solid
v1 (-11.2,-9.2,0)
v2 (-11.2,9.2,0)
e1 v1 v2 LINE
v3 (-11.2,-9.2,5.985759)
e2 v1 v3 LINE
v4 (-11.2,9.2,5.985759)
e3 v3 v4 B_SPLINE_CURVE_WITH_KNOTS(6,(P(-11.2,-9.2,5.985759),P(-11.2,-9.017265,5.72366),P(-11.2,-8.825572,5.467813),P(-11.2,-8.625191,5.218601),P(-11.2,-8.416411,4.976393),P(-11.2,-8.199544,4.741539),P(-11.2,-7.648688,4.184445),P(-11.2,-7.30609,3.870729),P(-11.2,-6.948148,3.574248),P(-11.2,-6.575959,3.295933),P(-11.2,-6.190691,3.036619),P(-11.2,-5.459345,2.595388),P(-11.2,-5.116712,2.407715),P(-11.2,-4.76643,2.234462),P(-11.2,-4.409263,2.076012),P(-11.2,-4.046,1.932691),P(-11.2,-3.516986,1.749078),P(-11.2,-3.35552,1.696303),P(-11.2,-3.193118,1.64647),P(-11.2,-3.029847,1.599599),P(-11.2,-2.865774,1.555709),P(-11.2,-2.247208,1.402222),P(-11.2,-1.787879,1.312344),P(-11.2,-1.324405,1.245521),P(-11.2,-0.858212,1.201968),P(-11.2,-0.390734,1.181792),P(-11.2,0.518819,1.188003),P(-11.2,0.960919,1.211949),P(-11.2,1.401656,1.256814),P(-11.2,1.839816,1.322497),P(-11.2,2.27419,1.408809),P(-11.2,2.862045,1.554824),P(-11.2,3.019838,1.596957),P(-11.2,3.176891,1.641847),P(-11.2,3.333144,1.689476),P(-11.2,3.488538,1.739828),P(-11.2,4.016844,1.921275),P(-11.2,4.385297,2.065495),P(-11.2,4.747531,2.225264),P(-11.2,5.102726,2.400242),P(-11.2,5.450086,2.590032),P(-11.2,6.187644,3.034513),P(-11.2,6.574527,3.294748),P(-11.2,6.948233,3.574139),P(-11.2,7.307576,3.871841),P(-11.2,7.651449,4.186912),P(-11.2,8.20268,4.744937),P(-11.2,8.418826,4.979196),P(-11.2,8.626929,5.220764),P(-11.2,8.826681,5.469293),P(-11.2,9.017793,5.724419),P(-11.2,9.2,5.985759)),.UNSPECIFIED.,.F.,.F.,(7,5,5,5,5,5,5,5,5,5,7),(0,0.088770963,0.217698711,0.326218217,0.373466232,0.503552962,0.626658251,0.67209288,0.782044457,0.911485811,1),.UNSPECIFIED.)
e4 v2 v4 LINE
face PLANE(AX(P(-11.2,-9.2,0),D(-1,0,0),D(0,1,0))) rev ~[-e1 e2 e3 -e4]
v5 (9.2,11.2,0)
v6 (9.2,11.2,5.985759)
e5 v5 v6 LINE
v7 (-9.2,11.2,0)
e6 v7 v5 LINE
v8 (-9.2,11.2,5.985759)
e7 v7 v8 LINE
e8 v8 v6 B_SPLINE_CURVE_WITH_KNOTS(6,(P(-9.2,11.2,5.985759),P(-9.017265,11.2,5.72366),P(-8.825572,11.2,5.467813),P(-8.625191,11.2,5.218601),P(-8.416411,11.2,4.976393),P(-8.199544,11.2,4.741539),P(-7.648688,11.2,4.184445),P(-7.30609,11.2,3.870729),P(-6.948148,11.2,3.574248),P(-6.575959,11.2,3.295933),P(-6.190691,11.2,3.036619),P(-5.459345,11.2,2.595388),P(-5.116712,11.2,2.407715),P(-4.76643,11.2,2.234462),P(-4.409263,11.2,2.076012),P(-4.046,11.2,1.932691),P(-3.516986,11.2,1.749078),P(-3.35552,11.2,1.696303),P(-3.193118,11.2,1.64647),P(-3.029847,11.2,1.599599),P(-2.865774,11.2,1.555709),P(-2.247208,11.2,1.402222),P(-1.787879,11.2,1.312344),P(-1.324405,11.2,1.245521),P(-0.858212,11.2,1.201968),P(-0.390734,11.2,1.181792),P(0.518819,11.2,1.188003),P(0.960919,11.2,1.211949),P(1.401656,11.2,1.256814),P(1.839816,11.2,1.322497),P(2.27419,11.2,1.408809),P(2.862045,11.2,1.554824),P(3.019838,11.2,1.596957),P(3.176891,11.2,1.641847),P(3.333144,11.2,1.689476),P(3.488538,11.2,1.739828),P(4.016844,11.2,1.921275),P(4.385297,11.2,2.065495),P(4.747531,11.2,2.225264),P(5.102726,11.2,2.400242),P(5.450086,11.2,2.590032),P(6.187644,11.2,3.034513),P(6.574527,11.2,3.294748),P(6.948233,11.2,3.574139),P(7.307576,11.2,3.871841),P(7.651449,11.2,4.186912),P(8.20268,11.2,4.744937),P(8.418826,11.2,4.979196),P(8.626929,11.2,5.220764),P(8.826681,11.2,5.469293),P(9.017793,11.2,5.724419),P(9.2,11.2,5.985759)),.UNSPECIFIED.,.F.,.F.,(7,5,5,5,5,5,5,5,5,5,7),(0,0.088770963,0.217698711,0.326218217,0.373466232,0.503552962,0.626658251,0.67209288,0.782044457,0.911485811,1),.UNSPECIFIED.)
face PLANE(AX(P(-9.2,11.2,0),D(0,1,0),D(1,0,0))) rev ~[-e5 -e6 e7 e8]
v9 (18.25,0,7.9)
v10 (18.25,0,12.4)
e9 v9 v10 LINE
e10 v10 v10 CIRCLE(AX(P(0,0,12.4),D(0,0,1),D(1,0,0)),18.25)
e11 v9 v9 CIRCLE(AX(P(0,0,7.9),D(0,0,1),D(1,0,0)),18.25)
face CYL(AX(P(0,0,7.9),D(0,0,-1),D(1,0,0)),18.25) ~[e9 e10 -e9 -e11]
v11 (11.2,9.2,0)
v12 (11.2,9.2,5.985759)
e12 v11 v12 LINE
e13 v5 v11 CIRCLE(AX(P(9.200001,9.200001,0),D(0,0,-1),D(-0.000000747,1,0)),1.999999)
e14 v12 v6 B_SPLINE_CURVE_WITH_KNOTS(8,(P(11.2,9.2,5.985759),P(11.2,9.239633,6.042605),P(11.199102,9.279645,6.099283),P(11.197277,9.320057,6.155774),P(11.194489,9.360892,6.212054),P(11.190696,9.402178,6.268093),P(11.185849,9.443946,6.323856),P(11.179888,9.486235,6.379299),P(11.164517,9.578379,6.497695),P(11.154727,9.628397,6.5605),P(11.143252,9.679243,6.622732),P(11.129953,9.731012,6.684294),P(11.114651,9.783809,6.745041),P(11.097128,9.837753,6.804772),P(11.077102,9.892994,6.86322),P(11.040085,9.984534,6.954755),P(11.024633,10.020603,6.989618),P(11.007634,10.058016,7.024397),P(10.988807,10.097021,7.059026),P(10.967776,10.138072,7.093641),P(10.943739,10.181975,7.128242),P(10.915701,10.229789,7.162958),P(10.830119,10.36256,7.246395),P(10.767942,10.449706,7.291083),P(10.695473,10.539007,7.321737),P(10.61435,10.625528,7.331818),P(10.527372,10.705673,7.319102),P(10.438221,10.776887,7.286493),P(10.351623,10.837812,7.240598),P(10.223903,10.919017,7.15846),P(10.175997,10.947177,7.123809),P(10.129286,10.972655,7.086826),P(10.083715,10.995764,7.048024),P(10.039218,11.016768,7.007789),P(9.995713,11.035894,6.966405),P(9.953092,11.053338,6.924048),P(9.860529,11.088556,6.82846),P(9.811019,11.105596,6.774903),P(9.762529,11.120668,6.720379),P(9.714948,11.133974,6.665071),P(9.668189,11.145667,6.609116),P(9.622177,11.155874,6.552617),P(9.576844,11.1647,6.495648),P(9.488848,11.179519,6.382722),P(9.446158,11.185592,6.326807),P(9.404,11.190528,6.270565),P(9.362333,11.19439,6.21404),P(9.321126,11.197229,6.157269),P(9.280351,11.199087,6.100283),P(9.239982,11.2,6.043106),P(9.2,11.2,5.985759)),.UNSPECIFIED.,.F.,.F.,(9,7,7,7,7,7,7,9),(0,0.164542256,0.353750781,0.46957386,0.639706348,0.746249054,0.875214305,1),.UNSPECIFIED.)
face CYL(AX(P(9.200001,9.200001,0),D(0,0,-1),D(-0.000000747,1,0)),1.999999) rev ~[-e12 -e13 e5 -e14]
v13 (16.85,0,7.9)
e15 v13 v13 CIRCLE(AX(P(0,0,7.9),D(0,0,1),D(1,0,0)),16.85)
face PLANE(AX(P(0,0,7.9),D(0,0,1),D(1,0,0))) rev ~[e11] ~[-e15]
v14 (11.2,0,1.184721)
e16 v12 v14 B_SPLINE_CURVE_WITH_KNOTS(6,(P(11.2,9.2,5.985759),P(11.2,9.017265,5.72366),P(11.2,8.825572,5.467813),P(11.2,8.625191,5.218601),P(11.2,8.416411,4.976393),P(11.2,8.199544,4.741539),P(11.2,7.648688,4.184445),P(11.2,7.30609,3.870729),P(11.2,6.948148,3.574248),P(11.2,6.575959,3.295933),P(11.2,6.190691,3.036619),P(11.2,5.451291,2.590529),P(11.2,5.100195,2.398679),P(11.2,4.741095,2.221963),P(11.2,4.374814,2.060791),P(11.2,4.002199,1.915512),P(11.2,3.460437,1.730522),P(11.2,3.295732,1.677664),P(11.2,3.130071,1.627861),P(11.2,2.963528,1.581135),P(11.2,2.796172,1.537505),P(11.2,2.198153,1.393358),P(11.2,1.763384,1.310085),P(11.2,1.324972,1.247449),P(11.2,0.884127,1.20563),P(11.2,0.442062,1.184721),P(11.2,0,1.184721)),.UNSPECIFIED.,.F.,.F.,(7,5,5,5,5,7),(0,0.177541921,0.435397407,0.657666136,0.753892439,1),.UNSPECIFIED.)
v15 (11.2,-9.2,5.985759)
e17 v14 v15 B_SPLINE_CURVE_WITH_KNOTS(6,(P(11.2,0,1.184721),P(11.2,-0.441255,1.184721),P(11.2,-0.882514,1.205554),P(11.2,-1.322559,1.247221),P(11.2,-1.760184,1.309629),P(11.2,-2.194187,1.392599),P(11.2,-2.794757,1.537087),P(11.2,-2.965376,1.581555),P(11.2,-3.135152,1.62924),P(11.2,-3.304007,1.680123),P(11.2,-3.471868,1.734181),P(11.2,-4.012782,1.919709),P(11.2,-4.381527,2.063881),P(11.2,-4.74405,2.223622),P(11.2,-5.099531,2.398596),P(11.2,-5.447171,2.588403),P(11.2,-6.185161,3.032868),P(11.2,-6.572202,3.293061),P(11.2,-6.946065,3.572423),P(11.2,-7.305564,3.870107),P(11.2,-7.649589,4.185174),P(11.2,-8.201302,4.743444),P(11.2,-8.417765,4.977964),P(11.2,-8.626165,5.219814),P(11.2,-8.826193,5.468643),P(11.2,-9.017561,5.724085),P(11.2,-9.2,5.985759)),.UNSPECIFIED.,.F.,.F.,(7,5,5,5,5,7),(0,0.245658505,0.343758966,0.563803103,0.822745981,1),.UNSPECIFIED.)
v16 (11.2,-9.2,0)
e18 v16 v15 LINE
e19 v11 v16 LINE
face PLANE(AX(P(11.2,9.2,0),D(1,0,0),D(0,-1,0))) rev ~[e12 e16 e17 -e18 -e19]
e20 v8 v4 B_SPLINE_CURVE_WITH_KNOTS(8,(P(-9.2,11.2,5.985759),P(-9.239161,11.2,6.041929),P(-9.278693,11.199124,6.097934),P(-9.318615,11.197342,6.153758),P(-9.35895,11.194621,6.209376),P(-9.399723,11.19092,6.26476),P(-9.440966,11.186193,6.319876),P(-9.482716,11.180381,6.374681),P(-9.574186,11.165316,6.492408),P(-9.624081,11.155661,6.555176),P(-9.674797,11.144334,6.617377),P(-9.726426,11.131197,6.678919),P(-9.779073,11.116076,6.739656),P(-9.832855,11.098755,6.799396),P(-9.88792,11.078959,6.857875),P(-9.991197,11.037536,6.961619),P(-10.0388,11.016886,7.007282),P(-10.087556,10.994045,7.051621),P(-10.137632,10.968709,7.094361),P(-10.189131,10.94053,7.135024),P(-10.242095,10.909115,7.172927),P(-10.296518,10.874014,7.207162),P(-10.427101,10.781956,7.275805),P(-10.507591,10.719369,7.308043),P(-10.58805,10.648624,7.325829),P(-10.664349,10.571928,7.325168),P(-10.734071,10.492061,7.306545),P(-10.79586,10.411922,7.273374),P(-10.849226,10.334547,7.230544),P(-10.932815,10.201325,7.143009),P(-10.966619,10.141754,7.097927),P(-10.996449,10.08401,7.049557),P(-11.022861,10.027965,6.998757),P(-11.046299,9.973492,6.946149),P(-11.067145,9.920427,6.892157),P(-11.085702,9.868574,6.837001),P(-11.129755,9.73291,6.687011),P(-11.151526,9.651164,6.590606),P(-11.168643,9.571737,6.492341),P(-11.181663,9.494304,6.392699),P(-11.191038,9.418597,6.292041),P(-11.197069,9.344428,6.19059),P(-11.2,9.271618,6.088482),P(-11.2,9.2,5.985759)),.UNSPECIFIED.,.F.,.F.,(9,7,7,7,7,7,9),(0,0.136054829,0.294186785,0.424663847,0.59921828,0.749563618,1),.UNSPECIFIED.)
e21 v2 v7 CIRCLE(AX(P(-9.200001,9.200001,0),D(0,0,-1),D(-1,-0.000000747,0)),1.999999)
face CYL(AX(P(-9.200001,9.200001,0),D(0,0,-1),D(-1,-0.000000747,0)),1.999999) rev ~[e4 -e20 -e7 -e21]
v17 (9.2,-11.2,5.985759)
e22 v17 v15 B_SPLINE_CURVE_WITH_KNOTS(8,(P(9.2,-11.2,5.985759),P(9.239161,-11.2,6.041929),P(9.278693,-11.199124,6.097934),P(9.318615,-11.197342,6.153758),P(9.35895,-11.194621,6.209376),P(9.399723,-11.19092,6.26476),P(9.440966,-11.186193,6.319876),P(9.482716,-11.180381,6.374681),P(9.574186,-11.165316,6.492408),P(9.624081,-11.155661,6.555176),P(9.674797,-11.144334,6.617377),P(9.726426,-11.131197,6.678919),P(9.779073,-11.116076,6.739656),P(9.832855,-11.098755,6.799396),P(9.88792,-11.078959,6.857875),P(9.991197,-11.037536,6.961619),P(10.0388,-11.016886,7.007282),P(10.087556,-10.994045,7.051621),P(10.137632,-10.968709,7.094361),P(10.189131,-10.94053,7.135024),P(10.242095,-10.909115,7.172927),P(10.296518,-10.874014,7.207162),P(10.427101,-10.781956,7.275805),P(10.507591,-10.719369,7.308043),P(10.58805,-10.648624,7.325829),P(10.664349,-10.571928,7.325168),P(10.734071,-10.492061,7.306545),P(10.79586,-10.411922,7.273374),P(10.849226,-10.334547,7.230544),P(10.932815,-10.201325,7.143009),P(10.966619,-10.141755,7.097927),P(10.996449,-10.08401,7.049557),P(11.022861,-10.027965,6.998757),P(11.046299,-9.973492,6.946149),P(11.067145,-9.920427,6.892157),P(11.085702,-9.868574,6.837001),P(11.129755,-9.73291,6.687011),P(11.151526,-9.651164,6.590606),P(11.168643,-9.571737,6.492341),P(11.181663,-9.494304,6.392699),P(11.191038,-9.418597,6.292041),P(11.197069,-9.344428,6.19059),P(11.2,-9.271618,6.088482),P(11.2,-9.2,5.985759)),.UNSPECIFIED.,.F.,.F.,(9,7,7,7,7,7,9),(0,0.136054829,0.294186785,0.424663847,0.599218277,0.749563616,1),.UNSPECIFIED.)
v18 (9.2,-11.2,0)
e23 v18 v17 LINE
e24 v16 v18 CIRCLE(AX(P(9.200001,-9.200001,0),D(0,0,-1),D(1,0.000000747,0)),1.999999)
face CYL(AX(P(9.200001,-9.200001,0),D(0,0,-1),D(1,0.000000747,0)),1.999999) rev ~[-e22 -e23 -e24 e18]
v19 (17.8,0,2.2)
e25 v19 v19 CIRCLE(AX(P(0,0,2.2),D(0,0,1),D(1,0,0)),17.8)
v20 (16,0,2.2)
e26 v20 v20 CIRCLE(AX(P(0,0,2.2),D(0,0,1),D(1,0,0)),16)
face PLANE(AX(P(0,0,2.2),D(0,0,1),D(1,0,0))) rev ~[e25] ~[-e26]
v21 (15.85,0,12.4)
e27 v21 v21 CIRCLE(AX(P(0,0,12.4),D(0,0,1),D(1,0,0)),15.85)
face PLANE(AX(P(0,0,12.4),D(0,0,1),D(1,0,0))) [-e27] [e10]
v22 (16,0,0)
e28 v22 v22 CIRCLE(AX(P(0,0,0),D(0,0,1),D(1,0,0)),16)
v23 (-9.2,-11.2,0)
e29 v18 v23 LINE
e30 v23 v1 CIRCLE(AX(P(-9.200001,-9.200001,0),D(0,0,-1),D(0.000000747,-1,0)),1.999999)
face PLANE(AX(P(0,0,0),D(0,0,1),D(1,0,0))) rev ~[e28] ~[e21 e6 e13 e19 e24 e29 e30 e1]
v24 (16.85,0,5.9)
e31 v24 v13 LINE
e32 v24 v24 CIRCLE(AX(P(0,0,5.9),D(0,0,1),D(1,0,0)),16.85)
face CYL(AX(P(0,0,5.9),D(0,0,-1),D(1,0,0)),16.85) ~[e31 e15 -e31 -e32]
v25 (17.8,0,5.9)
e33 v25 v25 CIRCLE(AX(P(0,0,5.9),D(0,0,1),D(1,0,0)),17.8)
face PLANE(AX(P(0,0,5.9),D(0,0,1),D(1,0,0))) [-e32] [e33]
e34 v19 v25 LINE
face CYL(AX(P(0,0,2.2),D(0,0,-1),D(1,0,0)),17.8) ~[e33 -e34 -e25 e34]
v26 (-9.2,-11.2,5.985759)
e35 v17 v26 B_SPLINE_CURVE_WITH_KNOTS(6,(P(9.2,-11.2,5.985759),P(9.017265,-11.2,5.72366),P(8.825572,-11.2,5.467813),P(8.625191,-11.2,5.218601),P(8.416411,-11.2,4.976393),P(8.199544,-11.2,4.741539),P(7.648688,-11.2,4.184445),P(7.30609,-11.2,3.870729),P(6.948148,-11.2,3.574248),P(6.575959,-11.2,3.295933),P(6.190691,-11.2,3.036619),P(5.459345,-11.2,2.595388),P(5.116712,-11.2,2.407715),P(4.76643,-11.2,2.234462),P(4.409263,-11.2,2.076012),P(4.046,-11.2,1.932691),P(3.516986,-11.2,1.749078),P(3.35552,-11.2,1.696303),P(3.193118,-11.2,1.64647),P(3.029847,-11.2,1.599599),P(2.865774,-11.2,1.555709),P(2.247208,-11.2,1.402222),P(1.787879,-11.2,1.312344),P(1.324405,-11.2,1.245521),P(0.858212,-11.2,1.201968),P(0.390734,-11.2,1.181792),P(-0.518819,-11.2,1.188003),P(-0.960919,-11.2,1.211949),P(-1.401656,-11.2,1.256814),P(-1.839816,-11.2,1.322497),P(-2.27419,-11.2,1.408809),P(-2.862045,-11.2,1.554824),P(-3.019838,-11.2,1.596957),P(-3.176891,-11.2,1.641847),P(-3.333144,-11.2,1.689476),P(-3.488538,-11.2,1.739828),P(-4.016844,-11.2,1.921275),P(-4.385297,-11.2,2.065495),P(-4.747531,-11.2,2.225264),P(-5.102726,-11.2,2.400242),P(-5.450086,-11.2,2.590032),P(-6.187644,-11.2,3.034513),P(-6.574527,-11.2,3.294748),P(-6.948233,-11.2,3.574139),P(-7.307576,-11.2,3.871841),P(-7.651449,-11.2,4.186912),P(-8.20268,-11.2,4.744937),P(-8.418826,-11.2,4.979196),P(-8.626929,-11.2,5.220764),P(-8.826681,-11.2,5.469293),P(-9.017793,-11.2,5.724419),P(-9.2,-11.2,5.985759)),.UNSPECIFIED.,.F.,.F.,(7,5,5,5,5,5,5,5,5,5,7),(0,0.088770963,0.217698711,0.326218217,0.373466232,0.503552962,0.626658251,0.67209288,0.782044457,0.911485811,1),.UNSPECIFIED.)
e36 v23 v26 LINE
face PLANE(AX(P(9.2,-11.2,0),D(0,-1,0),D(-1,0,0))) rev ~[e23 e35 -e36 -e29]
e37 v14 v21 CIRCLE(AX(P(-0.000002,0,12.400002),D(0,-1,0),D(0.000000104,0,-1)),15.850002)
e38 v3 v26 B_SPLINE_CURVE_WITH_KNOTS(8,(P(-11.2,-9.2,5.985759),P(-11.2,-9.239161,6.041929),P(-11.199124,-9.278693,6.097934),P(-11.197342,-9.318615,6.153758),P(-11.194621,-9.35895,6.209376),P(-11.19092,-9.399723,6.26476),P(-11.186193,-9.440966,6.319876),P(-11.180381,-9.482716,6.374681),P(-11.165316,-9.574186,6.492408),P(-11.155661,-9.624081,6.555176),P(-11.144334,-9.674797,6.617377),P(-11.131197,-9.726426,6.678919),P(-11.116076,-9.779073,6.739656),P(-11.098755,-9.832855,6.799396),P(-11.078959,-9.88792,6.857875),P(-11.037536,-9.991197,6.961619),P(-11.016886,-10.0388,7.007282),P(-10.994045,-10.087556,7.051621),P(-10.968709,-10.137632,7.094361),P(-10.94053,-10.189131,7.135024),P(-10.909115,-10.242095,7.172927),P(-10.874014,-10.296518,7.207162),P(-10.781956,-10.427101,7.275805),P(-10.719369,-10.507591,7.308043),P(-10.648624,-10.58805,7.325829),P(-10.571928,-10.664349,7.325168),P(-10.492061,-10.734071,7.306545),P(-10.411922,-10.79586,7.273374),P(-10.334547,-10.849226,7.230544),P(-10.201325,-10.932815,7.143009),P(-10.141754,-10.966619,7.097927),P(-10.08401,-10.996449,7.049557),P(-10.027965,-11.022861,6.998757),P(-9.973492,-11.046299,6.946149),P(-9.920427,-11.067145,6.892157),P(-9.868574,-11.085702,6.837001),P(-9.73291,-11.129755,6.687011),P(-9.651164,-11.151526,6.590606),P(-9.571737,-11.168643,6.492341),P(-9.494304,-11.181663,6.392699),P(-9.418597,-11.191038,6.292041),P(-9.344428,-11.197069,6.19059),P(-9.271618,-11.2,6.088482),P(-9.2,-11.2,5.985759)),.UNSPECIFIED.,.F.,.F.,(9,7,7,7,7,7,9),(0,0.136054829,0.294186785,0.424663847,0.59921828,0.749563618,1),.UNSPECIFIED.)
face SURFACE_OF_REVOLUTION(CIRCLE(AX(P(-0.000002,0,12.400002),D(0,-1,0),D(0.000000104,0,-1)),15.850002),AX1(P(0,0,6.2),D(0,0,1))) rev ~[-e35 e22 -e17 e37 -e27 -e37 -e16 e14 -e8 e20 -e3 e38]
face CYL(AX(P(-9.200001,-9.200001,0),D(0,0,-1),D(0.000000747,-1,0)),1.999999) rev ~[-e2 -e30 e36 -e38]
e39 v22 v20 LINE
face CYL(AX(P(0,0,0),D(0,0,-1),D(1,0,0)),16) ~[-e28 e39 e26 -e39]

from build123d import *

# Parameters (mm, degrees)
F0_R     = 16
F1_DEPTH = 2.2
F2_R     = 17.8
F3_DEPTH = 3.7
F4_R     = 16.85
F5_DEPTH = 2
F6_R     = 18.25
F7_DEPTH = 4.5
F9_DEPTH = 12.401


with BuildPart() as f1:
    # F0 (on Top) → F1 (new body)
    with BuildSketch(Plane.XY):
        Circle(F0_R)
    extrude(amount=F1_DEPTH)

    # F2 (on face) → F3 (join)
    with BuildSketch(Plane.XY.offset(2.2)):
        Circle(F2_R)
    extrude(amount=F3_DEPTH)

    # F4 (on face) → F5 (join)
    with BuildSketch(Plane.XY.offset(5.9)):
        Circle(F4_R)
    extrude(amount=F5_DEPTH)

    # F6 (on face) → F7 (join)
    with BuildSketch(Plane.XY.offset(7.9)):
        Circle(F6_R)
    extrude(amount=F7_DEPTH)

    # F8 (on face) → F9 (cut, through all)
    with BuildSketch(Plane(origin=(0, 0, 0), x_dir=(1, 0, 0), z_dir=(0, 0, -1))):
        with BuildLine():
            Line((11.2, -9.2), (11.2, 0))
            Line((11.2, 0), (11.2, 9.2))
            ThreePointArc((11.2, 9.2), (10.614214, 10.614214), (9.2, 11.2))
            Line((9.2, 11.2), (-9.2, 11.2))
            ThreePointArc((-9.2, 11.2), (-10.614214, 10.614214), (-11.2, 9.2))
            Line((-11.2, 9.2), (-11.2, -9.2))
            ThreePointArc((-11.2, -9.2), (-10.614214, -10.614214), (-9.2, -11.2))
            Line((-9.2, -11.2), (9.2, -11.2))
            ThreePointArc((9.2, -11.2), (10.614214, -10.614214), (11.2, -9.2))
        make_face()
    extrude(amount=-F9_DEPTH, mode=Mode.SUBTRACT)

    # F10 (on Front) → F11 (revolve, cut)
    with BuildSketch(Plane.XZ):
        with BuildLine():
            Line((0, 12.4), (0, 0))
            Line((0, 0), (0, -3.45))
            ThreePointArc((0, -3.45), (11.207642, 1.192358), (15.85, 12.4))
            ThreePointArc((15.85, 12.4), (11.207642, 23.607642), (0, 28.25))
            Line((0, 28.25), (0, 12.4))
        make_face()
    revolve(axis=Axis((0, 0, 6.2), (0, 0, 1)), mode=Mode.SUBTRACT)


solid = f1.part
